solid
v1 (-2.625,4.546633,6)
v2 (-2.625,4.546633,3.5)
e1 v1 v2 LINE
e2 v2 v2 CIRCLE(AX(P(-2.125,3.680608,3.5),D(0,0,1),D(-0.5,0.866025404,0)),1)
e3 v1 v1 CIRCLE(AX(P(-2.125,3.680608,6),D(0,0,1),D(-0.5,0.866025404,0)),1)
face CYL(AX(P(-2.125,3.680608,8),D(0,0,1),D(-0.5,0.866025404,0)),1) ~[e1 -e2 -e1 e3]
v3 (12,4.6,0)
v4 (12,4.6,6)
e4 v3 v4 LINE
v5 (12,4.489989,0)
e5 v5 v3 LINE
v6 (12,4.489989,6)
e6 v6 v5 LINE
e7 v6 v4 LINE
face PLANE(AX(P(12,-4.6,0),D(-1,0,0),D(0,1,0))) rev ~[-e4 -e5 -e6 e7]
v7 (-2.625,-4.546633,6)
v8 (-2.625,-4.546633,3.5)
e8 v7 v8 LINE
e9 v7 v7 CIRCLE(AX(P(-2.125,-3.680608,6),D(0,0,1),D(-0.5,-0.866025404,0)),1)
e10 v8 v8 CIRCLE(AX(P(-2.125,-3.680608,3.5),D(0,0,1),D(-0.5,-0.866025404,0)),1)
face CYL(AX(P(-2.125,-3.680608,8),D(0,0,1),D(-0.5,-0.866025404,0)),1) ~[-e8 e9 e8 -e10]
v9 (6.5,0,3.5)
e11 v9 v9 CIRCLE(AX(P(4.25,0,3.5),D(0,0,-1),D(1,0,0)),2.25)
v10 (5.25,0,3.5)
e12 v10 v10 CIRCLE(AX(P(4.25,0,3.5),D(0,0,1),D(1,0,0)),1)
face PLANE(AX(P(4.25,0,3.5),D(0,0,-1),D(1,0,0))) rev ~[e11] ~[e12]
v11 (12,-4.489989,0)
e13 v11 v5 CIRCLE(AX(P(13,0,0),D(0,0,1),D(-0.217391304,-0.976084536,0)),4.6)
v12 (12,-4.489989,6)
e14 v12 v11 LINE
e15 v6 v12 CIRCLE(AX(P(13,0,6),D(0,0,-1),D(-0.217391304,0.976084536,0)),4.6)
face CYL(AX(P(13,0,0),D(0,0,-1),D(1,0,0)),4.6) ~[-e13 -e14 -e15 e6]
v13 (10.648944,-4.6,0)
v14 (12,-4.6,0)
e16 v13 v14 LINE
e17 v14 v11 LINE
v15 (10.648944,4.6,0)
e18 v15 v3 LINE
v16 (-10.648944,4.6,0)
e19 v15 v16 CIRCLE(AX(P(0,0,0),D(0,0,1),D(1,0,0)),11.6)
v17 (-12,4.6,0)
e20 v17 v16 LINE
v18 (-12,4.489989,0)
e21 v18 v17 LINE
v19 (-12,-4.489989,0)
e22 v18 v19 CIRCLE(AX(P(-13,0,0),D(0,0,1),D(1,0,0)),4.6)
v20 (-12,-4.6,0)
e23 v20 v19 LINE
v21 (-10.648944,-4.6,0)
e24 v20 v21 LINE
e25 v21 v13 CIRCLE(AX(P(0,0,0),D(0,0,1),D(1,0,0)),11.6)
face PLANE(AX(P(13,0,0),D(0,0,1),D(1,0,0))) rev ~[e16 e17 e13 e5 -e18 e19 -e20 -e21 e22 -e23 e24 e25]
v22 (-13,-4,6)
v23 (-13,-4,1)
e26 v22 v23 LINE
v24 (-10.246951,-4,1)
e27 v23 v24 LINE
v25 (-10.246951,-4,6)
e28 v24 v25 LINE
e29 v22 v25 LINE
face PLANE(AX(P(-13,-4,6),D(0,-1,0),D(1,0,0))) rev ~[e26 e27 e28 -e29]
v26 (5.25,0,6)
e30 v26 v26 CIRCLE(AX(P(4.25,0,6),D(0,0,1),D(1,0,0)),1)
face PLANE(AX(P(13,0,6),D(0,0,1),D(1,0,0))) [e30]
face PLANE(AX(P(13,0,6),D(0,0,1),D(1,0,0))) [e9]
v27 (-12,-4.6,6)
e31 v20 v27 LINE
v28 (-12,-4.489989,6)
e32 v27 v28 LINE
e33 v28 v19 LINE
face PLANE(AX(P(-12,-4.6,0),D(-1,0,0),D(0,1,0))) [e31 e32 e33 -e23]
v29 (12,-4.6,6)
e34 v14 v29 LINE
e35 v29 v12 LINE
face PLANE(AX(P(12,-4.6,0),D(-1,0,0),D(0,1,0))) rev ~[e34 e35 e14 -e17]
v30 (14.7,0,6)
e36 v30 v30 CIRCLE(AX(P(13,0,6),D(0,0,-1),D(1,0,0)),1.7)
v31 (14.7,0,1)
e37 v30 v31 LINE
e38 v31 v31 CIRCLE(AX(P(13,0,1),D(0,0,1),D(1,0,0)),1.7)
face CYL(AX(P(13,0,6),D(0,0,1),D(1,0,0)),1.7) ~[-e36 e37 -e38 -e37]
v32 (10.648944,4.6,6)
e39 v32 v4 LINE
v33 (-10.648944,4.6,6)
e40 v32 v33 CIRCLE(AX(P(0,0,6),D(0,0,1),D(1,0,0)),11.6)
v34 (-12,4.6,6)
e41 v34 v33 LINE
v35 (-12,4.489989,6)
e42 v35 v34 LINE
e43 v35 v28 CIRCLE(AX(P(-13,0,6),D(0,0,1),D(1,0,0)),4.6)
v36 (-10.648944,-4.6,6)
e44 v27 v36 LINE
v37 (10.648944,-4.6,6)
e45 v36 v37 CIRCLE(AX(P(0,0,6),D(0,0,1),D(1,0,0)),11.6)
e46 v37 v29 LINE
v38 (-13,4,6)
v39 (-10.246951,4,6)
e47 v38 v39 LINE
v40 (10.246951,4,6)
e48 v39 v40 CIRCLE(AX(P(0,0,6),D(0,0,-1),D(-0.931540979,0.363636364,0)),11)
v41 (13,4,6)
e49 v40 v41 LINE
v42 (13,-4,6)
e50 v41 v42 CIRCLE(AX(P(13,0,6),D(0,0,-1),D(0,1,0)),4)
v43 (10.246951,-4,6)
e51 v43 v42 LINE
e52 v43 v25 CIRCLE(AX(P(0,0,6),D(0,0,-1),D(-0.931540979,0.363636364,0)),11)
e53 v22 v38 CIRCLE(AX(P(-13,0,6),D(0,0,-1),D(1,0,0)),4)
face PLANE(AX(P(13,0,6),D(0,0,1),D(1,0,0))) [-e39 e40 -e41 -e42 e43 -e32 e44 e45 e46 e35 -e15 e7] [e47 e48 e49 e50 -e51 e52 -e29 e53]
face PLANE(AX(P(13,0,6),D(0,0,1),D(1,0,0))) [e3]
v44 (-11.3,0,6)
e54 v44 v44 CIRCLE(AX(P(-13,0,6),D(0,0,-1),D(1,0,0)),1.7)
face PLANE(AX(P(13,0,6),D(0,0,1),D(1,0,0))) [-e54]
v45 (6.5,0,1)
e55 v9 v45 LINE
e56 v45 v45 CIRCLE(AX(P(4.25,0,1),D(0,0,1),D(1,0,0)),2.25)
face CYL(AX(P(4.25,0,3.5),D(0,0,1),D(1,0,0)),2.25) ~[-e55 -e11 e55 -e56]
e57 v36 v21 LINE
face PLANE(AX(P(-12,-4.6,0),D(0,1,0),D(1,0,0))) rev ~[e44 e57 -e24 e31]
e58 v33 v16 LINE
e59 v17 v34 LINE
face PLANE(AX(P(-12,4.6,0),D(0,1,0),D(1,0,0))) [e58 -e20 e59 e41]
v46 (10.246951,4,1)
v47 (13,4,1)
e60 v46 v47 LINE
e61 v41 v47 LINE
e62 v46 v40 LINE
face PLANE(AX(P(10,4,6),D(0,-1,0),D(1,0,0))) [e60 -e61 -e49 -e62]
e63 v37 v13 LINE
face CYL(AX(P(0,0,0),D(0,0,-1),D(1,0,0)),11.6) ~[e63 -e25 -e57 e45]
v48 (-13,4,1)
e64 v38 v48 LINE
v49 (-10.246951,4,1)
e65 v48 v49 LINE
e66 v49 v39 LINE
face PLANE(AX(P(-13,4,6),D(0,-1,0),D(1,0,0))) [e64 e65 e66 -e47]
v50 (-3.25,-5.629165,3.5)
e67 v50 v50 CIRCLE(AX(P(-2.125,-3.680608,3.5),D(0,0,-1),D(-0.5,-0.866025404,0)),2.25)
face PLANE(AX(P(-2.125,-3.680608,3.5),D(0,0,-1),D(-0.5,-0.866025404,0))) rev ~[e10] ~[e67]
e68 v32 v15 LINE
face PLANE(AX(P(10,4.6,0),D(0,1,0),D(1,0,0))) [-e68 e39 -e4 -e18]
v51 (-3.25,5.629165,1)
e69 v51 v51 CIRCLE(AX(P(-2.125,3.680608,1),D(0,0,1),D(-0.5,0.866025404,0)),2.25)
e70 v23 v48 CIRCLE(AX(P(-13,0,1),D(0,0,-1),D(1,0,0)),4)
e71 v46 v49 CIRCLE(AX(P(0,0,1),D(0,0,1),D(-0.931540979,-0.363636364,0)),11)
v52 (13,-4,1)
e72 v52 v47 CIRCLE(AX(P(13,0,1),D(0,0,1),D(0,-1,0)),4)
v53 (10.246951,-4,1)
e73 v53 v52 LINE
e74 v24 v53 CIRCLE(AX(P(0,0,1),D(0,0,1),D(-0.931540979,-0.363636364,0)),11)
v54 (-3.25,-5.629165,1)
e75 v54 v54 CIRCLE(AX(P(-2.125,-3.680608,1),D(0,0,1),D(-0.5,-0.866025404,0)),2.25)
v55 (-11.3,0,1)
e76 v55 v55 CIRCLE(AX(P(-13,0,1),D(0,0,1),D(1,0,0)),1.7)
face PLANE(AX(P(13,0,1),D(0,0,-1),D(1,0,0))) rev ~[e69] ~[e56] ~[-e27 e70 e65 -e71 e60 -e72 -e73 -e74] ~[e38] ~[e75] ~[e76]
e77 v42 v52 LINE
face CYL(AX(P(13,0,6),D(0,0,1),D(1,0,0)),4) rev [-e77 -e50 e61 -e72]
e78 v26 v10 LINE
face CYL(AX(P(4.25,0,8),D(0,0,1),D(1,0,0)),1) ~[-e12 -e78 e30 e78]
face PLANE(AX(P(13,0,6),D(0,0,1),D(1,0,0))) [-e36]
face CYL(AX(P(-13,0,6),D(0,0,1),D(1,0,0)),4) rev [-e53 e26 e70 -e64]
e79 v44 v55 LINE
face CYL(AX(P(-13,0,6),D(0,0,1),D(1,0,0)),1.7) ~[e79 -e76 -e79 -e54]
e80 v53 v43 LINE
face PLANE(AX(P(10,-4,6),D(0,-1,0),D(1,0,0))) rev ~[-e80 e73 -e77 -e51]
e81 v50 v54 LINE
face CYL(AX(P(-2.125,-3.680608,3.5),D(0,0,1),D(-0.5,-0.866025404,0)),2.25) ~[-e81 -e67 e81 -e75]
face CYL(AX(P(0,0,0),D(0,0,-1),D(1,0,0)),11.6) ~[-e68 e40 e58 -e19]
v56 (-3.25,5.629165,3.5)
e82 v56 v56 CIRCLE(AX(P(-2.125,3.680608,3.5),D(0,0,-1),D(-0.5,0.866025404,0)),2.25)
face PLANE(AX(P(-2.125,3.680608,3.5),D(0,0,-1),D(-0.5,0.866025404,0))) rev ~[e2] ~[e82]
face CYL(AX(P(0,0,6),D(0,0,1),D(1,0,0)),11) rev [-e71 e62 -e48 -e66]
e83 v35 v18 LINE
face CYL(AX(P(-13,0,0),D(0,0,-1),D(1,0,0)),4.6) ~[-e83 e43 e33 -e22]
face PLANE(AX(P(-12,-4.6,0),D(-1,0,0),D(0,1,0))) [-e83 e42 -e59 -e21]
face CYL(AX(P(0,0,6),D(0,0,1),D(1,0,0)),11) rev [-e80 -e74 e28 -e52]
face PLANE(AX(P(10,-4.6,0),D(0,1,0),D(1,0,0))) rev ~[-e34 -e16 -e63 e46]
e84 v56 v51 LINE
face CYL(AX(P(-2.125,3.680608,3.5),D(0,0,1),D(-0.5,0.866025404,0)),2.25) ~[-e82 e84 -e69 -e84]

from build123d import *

# Parameters (mm, degrees)
CYLINDER150_R       = 1.7
CYLINDER150_DEPTH   = 11
CYLINDER151_R       = 1.7
CYLINDER151_DEPTH   = 11
CYLINDER157_R       = 2.25
CYLINDER157_DEPTH   = 8
CYLINDER156_R       = 1
CYLINDER156_DEPTH   = 5
CYLINDER147_R       = 1
CYLINDER147_DEPTH   = 1
ARRAY_COUNT         = 3
BOX_W               = 3
BOX_H               = 8
BOX_DEPTH           = 5
CYLINDER153_R       = 11
CYLINDER153_DEPTH   = 5
BOX001_W            = 3
BOX001_H            = 8
BOX001_DEPTH        = 5
CYLINDER158_R       = 4
CYLINDER158_DEPTH   = 5
CYLINDER_R          = 4
CYLINDER_DEPTH      = 5
CUT_PLACEMENT_ANGLE = 180
BOX008_W            = 2
BOX008_H            = 9.2
BOX008_DEPTH        = 6
CYLINDER198_R       = 11.6
CYLINDER198_DEPTH   = 6
CYLINDER199_R       = 4.6
CYLINDER199_DEPTH   = 6
CYLINDER200_R       = 4.6
CYLINDER200_DEPTH   = 6
BOX009_W            = 2
BOX009_H            = 9.2
BOX009_DEPTH        = 6


with BuildPart() as wirefeedsmount1:
    # Cylinder150 → Cylinder150 (new body)
    with BuildSketch(Plane(origin=(-13, 0, 0), x_dir=(1, 0, 0), z_dir=(0, 0, 1))):
        Circle(CYLINDER150_R)
    extrude(amount=CYLINDER150_DEPTH)


with BuildPart() as wirefeedsmount002:
    # Cylinder151 → Cylinder151 (new body)
    with BuildSketch(Plane(origin=(13, 0, 0), x_dir=(1, 0, 0), z_dir=(0, 0, 1))):
        Circle(CYLINDER151_R)
    extrude(amount=CYLINDER151_DEPTH)


with BuildPart() as sealsubtraction:
    # Cylinder157 → Cylinder157 (new body)
    with BuildSketch(Plane.XY.offset(2.5)):
        Circle(CYLINDER157_R)
    extrude(amount=CYLINDER157_DEPTH)


with BuildPart() as bottomwireoutlet:
    # Cylinder156 → Cylinder156 (new body)
    with BuildSketch(Plane.XY.offset(-2)):
        Circle(CYLINDER156_R)
    extrude(amount=CYLINDER156_DEPTH)


with BuildPart() as fusion013:
    # Cylinder147 → Cylinder147 (new body)
    with BuildSketch(Plane.XY.offset(4.5)):
        Circle(CYLINDER147_R)
    extrude(amount=CYLINDER147_DEPTH)

    # Fusion: union SealSubtraction, BottomWireOutlet
    add(sealsubtraction.part)
    add(bottomwireoutlet.part)


with BuildPart() as fusion013_1:
    # Fusion placement: moved
    add(fusion013.part.moved(Location((4.25, 0, 0))))

    # Array: Fusion013 ×3 about axis
    array_axis = Axis((0, 0, 0), (0, 0, 1))


with BuildPart() as fusion013_2:
    add(fusion013_1.part)
    for i in range(1, ARRAY_COUNT):
        add(fusion013_1.part.rotate(array_axis, i * 360 / ARRAY_COUNT))

    # Fusion013: union WireFeedsMount1, WireFeedsMount002
    add(wirefeedsmount1.part)
    add(wirefeedsmount002.part)


with BuildPart() as mountcube1:
    # Box → Box (new body)
    with BuildSketch(Plane(origin=(-13, -4, 0), x_dir=(1, 0, 0), z_dir=(0, 0, 1))):
        with Locations((1.5, 4)):
            Rectangle(BOX_W, BOX_H)
    extrude(amount=BOX_DEPTH)


with BuildPart() as body:
    # Cylinder153 → Cylinder153 (new body)
    with BuildSketch(Plane.XY):
        Circle(CYLINDER153_R)
    extrude(amount=CYLINDER153_DEPTH)


with BuildPart() as mountcube002:
    # Box001 → Box001 (new body)
    with BuildSketch(Plane(origin=(10, -4, 0), x_dir=(1, 0, 0), z_dir=(0, 0, 1))):
        with Locations((1.5, 4)):
            Rectangle(BOX001_W, BOX001_H)
    extrude(amount=BOX001_DEPTH)


with BuildPart() as mountflange002:
    # Cylinder158 → Cylinder158 (new body)
    with BuildSketch(Plane(origin=(13, 0, 0), x_dir=(1, 0, 0), z_dir=(0, 0, 1))):
        Circle(CYLINDER158_R)
    extrude(amount=CYLINDER158_DEPTH)


with BuildPart() as cut:
    # Cylinder → Cylinder (new body)
    with BuildSketch(Plane(origin=(-13, 0, 0), x_dir=(1, 0, 0), z_dir=(0, 0, 1))):
        Circle(CYLINDER_R)
    extrude(amount=CYLINDER_DEPTH)

    # Fusion012: union MountCube1, Body, MountCube002, MountFlange002
    add(mountcube1.part)
    add(body.part)
    add(mountcube002.part)
    add(mountflange002.part)

    # Cut: cut Fusion013
    add(fusion013_2.part, mode=Mode.SUBTRACT)


with BuildPart() as cut_1:
    # Cut placement: moved
    add(cut.part.moved(Location((0, 0, 6))).rotate(Axis((0, 0, 6), (1, 0, 0)), CUT_PLACEMENT_ANGLE))


with BuildPart() as cube:
    # Box008 → Box008 (new body)
    with BuildSketch(Plane(origin=(-12, -4.6, 0), x_dir=(1, 0, 0), z_dir=(0, 0, 1))):
        with Locations((1, 4.6)):
            Rectangle(BOX008_W, BOX008_H)
    extrude(amount=BOX008_DEPTH)


with BuildPart() as cylinder:
    # Cylinder198 → Cylinder198 (new body)
    with BuildSketch(Plane.XY):
        Circle(CYLINDER198_R)
    extrude(amount=CYLINDER198_DEPTH)


with BuildPart() as cylinder016:
    # Cylinder199 → Cylinder199 (new body)
    with BuildSketch(Plane(origin=(-13, 0, 0), x_dir=(1, 0, 0), z_dir=(0, 0, 1))):
        Circle(CYLINDER199_R)
    extrude(amount=CYLINDER199_DEPTH)


with BuildPart() as cylinder017:
    # Cylinder200 → Cylinder200 (new body)
    with BuildSketch(Plane(origin=(13, 0, 0), x_dir=(1, 0, 0), z_dir=(0, 0, 1))):
        Circle(CYLINDER200_R)
    extrude(amount=CYLINDER200_DEPTH)


with BuildPart() as cut027:
    # Box009 → Box009 (new body)
    with BuildSketch(Plane(origin=(10, -4.6, 0), x_dir=(1, 0, 0), z_dir=(0, 0, 1))):
        with Locations((1, 4.6)):
            Rectangle(BOX009_W, BOX009_H)
    extrude(amount=BOX009_DEPTH)

    # Fusion014: union Cube, Cylinder, Cylinder016, Cylinder017
    add(cube.part)
    add(cylinder.part)
    add(cylinder016.part)
    add(cylinder017.part)

    # Cut027: cut Cut
    add(cut_1.part, mode=Mode.SUBTRACT)


solid = cut027.part
